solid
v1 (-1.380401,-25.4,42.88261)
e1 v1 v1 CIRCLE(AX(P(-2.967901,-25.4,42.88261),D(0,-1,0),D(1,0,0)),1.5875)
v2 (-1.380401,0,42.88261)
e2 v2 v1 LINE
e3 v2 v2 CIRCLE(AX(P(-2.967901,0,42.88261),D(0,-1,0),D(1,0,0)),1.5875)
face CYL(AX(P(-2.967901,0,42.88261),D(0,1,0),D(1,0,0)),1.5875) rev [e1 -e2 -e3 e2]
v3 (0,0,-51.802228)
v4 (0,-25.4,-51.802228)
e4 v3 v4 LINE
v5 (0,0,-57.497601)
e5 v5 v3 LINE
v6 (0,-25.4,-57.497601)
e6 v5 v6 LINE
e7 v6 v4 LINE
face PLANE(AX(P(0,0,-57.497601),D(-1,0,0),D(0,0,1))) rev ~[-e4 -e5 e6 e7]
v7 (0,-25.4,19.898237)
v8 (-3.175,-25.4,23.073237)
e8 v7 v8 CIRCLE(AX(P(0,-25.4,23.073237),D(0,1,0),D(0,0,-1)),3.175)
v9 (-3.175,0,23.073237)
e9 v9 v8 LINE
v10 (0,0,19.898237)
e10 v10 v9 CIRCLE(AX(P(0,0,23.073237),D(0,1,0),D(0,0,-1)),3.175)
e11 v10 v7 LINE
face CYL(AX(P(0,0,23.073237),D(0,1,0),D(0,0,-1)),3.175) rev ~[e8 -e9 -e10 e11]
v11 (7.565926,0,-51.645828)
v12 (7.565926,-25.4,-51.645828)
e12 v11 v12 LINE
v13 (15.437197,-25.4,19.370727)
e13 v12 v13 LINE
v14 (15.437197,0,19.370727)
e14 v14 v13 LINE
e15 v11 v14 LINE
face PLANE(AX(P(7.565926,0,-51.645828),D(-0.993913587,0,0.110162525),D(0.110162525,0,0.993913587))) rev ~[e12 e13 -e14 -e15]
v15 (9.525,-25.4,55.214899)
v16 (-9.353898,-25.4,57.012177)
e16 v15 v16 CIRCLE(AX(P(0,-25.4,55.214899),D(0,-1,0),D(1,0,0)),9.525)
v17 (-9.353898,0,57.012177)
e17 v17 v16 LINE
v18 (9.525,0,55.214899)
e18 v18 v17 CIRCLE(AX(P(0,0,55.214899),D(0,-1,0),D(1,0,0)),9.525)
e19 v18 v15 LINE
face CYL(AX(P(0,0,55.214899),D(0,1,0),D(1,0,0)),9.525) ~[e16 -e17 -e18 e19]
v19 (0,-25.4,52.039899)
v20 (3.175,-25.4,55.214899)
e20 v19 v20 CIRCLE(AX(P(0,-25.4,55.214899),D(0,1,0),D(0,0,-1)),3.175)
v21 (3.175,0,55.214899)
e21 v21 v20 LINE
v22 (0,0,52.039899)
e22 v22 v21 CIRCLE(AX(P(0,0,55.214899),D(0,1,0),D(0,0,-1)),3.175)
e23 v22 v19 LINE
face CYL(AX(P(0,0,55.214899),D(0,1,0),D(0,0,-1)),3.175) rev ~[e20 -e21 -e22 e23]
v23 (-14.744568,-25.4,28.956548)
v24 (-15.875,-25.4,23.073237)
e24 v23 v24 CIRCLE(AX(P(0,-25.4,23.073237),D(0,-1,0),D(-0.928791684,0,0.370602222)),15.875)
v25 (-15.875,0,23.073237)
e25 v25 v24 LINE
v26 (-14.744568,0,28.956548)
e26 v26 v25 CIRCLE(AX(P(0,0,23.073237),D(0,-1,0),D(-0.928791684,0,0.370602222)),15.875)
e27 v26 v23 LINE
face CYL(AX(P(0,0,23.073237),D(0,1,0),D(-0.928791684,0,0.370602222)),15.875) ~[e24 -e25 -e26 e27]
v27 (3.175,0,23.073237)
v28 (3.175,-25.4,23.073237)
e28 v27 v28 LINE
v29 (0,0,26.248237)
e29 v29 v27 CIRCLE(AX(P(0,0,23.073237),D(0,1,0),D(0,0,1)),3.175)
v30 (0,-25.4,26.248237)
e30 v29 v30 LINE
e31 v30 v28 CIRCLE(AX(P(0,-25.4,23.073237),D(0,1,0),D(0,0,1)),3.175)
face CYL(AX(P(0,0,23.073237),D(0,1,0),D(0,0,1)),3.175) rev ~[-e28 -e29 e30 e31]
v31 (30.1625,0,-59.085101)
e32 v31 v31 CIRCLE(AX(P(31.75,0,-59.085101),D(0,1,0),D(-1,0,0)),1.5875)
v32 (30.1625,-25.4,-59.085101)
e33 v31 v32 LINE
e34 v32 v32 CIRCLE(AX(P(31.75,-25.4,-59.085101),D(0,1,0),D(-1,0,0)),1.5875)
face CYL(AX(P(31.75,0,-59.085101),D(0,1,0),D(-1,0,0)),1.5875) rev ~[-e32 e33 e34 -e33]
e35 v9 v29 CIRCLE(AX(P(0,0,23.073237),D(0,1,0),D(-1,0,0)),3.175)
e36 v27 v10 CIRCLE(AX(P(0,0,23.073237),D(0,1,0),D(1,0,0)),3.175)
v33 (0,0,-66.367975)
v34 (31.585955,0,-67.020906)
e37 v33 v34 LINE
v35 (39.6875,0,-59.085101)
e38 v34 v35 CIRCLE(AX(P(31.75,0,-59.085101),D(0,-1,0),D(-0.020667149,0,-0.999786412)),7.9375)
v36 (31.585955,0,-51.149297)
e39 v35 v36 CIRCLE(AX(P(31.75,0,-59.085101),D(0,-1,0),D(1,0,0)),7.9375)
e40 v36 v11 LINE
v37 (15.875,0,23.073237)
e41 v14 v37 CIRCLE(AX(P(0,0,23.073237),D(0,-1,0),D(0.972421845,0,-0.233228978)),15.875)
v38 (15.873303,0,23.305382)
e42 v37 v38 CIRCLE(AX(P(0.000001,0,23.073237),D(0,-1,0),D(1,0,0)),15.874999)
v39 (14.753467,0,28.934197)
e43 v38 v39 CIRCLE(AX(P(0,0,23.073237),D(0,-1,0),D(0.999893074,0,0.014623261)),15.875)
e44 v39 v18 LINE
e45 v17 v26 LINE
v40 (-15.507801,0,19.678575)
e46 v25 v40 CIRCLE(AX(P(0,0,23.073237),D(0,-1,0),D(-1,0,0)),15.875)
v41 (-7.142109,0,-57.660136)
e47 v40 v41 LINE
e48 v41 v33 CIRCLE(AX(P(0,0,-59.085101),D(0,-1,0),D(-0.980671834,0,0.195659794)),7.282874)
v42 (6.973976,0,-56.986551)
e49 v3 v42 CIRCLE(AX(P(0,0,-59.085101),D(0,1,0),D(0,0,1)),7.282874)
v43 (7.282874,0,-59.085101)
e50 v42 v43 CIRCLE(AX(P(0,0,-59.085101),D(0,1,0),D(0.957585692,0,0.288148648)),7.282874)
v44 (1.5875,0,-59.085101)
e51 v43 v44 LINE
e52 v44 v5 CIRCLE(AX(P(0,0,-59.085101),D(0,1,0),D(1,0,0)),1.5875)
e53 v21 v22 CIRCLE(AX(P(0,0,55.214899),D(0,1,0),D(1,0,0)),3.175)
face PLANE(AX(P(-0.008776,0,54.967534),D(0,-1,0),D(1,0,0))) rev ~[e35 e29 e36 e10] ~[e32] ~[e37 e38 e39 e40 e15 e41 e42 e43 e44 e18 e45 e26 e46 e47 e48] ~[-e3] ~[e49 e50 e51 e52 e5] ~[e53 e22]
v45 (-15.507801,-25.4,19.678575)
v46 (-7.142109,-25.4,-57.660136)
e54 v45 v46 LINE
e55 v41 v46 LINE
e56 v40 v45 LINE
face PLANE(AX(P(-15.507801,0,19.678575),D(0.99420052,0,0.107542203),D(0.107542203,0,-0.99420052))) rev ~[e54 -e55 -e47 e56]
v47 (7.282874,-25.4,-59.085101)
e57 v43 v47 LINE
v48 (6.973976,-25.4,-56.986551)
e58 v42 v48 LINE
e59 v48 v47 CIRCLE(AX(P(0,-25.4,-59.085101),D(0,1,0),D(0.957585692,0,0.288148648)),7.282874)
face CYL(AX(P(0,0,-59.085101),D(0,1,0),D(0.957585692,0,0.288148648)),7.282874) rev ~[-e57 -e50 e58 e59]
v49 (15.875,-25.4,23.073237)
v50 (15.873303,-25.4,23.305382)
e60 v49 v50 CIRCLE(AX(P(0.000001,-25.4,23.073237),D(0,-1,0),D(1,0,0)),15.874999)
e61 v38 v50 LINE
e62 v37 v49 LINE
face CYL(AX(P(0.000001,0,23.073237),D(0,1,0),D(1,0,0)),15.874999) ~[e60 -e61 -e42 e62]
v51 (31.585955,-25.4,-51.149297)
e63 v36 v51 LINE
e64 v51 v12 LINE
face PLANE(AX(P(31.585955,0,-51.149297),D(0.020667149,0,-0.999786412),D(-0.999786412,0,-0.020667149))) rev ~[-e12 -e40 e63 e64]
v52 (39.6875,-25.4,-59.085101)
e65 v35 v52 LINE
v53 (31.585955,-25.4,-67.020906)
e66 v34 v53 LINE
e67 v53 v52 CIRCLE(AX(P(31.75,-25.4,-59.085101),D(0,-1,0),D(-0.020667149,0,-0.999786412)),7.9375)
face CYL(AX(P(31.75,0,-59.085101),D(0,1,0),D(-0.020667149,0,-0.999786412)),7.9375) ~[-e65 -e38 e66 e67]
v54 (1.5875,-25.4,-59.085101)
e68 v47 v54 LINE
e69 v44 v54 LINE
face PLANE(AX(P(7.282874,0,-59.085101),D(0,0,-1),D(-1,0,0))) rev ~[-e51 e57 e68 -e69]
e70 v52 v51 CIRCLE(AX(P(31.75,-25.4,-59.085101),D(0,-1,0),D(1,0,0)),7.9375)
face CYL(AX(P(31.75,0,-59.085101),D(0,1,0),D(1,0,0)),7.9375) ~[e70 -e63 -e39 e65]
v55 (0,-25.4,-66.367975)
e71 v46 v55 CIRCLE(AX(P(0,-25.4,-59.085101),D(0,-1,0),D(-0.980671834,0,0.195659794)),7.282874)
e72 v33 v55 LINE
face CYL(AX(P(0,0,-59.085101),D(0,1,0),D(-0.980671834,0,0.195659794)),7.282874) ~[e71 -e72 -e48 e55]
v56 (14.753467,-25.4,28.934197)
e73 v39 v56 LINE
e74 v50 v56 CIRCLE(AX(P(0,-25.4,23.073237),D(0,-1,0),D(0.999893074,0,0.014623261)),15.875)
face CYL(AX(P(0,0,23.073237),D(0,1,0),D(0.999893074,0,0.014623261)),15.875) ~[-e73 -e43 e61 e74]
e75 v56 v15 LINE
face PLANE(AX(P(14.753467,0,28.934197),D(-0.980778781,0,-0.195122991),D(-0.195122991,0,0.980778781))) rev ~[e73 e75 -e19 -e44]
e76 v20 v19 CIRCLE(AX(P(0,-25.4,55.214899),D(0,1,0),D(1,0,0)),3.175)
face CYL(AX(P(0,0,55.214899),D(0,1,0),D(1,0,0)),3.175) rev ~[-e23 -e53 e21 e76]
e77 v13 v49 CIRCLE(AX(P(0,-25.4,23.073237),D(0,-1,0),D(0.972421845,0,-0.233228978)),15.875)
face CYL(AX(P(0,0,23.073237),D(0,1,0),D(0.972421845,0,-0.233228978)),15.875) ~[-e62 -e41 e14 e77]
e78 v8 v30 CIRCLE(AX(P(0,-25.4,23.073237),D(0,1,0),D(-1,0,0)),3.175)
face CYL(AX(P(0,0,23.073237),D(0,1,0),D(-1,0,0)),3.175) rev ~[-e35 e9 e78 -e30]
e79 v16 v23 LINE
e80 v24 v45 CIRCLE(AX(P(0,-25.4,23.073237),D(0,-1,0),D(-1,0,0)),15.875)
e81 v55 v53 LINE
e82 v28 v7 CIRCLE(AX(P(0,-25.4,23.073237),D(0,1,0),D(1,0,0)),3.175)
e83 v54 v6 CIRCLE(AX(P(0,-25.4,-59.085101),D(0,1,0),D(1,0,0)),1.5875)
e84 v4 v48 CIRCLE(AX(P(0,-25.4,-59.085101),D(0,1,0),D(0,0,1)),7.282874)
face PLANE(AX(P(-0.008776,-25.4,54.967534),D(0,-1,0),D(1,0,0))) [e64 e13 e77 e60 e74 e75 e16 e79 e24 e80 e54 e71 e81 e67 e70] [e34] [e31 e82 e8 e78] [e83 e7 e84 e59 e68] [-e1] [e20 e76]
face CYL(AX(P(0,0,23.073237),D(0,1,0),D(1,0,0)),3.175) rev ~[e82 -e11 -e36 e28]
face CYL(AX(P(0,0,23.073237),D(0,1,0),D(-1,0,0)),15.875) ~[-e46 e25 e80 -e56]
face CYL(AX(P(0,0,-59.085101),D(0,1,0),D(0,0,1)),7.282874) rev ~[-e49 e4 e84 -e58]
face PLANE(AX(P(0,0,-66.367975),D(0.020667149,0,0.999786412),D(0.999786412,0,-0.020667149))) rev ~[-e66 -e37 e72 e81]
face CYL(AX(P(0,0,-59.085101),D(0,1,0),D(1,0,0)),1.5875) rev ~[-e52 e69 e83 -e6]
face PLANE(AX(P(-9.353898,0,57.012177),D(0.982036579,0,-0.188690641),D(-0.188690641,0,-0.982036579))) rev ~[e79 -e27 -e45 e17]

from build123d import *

# Parameters (mm, degrees)
F0_R     = 1.5875
F1_DEPTH = 25.4


with BuildPart() as f1:
    # F0 (on Front) → F1 (new body)
    with BuildSketch(Plane.XZ):
        with BuildLine():
            ThreePointArc((-9.3538984131, 57.0121771742), (-7.3431839589, 49.1483285924), (0, 45.6898988216))
            ThreePointArc((0, 45.6898988216), (6.7351920908, 48.4797067308), (9.525, 55.2148988216))
            ThreePointArc((9.525, 55.2148988216), (0.9027022252, 64.697026942), (-9.3538984131, 57.0121771742))
        make_face()
        with BuildLine():
            ThreePointArc((3.175, 55.2148988216), (2.2450640303, 52.9698347913), (0, 52.0398988216))
            ThreePointArc((0, 52.0398988216), (-2.2450640303, 57.4599628518), (3.175, 55.2148988216))
        make_face(mode=Mode.SUBTRACT)
        with BuildLine():
            ThreePointArc((9.525, 55.2148988216), (6.7351920908, 48.4797067308), (0, 45.6898988216))
            Line((0, 45.6898988216), (0, 38.9482373893))
            ThreePointArc((0, 38.9482373893), (8.9155171966, 36.2082736708), (14.7534666893, 28.9341968371))
            Line((14.7534666893, 28.9341968371), (9.525, 55.2148988216))
        make_face()
        with BuildLine():
            Line((0, 38.9482373893), (0, 45.6898988216))
            ThreePointArc((0, 45.6898988216), (-7.3431839589, 49.1483285924), (-9.3538984131, 57.0121771742))
            Line((-9.3538984131, 57.0121771742), (-14.7445679872, 28.9565476711))
            ThreePointArc((-14.7445679872, 28.9565476711), (-8.9055621461, 36.2150252381), (0, 38.9482373893))
        make_face()
        with Locations((-2.9679005966, 42.8826101124)):
            Circle(F0_R, mode=Mode.SUBTRACT)
        with BuildLine():
            ThreePointArc((14.7534666893, 28.9341968371), (8.9155171966, 36.2082736708), (0, 38.9482373893))
            Line((0, 38.9482373893), (0, 26.2482373893))
            ThreePointArc((0, 26.2482373893), (2.2450640303, 25.3183014196), (3.175, 23.0732373893))
            ThreePointArc((3.175, 23.0732373893), (2.2450640303, 20.8281733591), (0, 19.8982373893))
            Line((0, 19.8982373893), (0, 7.1982373893))
            ThreePointArc((0, 7.1982373893), (9.8295035067, 10.6074247078), (15.4371967833, 19.3707273659))
            Line((15.4371967833, 19.3707273659), (15.8733025562, 23.305381653))
            Line((15.8733025562, 23.305381653), (14.7534666893, 28.9341968371))
        make_face()
        with BuildLine():
            Line((0, 26.2482373893), (0, 38.9482373893))
            ThreePointArc((0, 38.9482373893), (-8.9055621461, 36.2150252381), (-14.7445679872, 28.9565476711))
            Line((-14.7445679872, 28.9565476711), (-15.875, 23.0732373893))
            Line((-15.875, 23.0732373893), (-3.175, 23.0732373893))
            ThreePointArc((-3.175, 23.0732373893), (-2.2450640303, 25.3183014196), (0, 26.2482373893))
        make_face()
        with BuildLine():
            ThreePointArc((15.8733025562, 23.305381653), (15.5698631561, 26.1708148785), (14.7534666893, 28.9341968371))
            Line((14.7534666893, 28.9341968371), (15.8733025562, 23.305381653))
        make_face()
        with BuildLine():
            Line((-15.875, 23.0732373893), (-14.7445679872, 28.9565476711))
            ThreePointArc((-14.7445679872, 28.9565476711), (-15.5898306886, 26.0687013103), (-15.875, 23.0732373893))
        make_face()
        with BuildLine():
            ThreePointArc((0, 19.8982373893), (-2.2450640303, 20.8281733591), (-3.175, 23.0732373893))
            Line((-3.175, 23.0732373893), (-15.875, 23.0732373893))
            Line((-15.875, 23.0732373893), (-15.5078009151, 19.6785745521))
            ThreePointArc((-15.5078009151, 19.6785745521), (-9.9530234718, 10.7058225919), (0, 7.1982373893))
            Line((0, 7.1982373893), (0, 19.8982373893))
        make_face()
        with BuildLine():
            ThreePointArc((15.875, 23.0732373893), (15.8745756334, 23.1893126241), (15.8733025562, 23.305381653))
            Line((15.8733025562, 23.305381653), (15.4371967833, 19.3707273659))
            ThreePointArc((15.4371967833, 19.3707273659), (15.7651692654, 21.2090852945), (15.875, 23.0732373893))
        make_face()
        with BuildLine():
            Line((-15.5078009151, 19.6785745521), (-15.875, 23.0732373893))
            ThreePointArc((-15.875, 23.0732373893), (-15.7829332592, 21.3660049105), (-15.5078009151, 19.6785745521))
        make_face()
        with BuildLine():
            Line((7.5659258775, -51.6458281083), (15.4371967833, 19.3707273659))
            ThreePointArc((15.4371967833, 19.3707273659), (9.8295035067, 10.6074247078), (0, 7.1982373893))
            Line((0, 7.1982373893), (0, -51.8022276335))
            Line((0, -51.8022276335), (7.5659258775, -51.6458281083))
        make_face()
        with BuildLine():
            ThreePointArc((0, 7.1982373893), (-9.9530234718, 10.7058225919), (-15.5078009151, 19.6785745521))
            Line((-15.5078009151, 19.6785745521), (-7.1421089526, -57.660135642))
            ThreePointArc((-7.1421089526, -57.660135642), (-4.6185713843, -53.4540226459), (0, -51.8022276335))
            Line((0, -51.8022276335), (0, 7.1982373893))
        make_face()
        with BuildLine():
            Line((31.585954502, -51.1492965359), (7.5659258775, -51.6458281083))
            Line((7.5659258775, -51.6458281083), (6.9739755001, -56.9865510134))
            ThreePointArc((6.9739755001, -56.9865510134), (7.2052352058, -58.0245198759), (7.2828735449, -59.0851011784))
            Line((7.2828735449, -59.0851011784), (23.8125, -59.0851011784))
            ThreePointArc((23.8125, -59.0851011784), (26.0796376928, -53.5307427497), (31.585954502, -51.1492965359))
        make_face()
        with BuildLine():
            Line((6.9739755001, -56.9865510134), (7.5659258775, -51.6458281083))
            Line((7.5659258775, -51.6458281083), (0, -51.8022276335))
            ThreePointArc((0, -51.8022276335), (4.3449264431, -53.2402862733), (6.9739755001, -56.9865510134))
        make_face()
        with BuildLine():
            ThreePointArc((0, -51.8022276335), (-4.6185713843, -53.4540226459), (-7.1421089526, -57.660135642))
            ThreePointArc((-7.1421089526, -57.660135642), (-5.6310785325, -63.7036725627), (0, -66.3679747233))
            ThreePointArc((0, -66.3679747233), (5.1497692701, -64.2348704485), (7.2828735449, -59.0851011784))
            Line((7.2828735449, -59.0851011784), (1.5875, -59.0851011784))
            ThreePointArc((1.5875, -59.0851011784), (-1.1225320151, -60.2076331936), (0, -57.4976011784))
            Line((0, -57.4976011784), (0, -51.8022276335))
        make_face()
        with BuildLine():
            ThreePointArc((39.6875, -59.0851011784), (37.3043584287, -53.4147388712), (31.585954502, -51.1492965359))
            ThreePointArc((31.585954502, -51.1492965359), (26.0796376928, -53.5307427497), (23.8125, -59.0851011784))
            ThreePointArc((23.8125, -59.0851011784), (26.0796376928, -64.6394596072), (31.585954502, -67.020905821))
            ThreePointArc((31.585954502, -67.020905821), (37.3043584287, -64.7554634857), (39.6875, -59.0851011784))
        make_face()
        with BuildLine():
            ThreePointArc((33.3375, -59.0851011784), (31.75, -60.6726011784), (30.1625, -59.0851011784))
            ThreePointArc((30.1625, -59.0851011784), (31.75, -57.4976011784), (33.3375, -59.0851011784))
        make_face(mode=Mode.SUBTRACT)
        with BuildLine():
            ThreePointArc((7.2828735449, -59.0851011784), (5.1497692701, -64.2348704485), (0, -66.3679747233))
            Line((0, -66.3679747233), (31.585954502, -67.020905821))
            ThreePointArc((31.585954502, -67.020905821), (26.0796376928, -64.6394596072), (23.8125, -59.0851011784))
            Line((23.8125, -59.0851011784), (7.2828735449, -59.0851011784))
        make_face()
    extrude(amount=F1_DEPTH)


solid = f1.part
